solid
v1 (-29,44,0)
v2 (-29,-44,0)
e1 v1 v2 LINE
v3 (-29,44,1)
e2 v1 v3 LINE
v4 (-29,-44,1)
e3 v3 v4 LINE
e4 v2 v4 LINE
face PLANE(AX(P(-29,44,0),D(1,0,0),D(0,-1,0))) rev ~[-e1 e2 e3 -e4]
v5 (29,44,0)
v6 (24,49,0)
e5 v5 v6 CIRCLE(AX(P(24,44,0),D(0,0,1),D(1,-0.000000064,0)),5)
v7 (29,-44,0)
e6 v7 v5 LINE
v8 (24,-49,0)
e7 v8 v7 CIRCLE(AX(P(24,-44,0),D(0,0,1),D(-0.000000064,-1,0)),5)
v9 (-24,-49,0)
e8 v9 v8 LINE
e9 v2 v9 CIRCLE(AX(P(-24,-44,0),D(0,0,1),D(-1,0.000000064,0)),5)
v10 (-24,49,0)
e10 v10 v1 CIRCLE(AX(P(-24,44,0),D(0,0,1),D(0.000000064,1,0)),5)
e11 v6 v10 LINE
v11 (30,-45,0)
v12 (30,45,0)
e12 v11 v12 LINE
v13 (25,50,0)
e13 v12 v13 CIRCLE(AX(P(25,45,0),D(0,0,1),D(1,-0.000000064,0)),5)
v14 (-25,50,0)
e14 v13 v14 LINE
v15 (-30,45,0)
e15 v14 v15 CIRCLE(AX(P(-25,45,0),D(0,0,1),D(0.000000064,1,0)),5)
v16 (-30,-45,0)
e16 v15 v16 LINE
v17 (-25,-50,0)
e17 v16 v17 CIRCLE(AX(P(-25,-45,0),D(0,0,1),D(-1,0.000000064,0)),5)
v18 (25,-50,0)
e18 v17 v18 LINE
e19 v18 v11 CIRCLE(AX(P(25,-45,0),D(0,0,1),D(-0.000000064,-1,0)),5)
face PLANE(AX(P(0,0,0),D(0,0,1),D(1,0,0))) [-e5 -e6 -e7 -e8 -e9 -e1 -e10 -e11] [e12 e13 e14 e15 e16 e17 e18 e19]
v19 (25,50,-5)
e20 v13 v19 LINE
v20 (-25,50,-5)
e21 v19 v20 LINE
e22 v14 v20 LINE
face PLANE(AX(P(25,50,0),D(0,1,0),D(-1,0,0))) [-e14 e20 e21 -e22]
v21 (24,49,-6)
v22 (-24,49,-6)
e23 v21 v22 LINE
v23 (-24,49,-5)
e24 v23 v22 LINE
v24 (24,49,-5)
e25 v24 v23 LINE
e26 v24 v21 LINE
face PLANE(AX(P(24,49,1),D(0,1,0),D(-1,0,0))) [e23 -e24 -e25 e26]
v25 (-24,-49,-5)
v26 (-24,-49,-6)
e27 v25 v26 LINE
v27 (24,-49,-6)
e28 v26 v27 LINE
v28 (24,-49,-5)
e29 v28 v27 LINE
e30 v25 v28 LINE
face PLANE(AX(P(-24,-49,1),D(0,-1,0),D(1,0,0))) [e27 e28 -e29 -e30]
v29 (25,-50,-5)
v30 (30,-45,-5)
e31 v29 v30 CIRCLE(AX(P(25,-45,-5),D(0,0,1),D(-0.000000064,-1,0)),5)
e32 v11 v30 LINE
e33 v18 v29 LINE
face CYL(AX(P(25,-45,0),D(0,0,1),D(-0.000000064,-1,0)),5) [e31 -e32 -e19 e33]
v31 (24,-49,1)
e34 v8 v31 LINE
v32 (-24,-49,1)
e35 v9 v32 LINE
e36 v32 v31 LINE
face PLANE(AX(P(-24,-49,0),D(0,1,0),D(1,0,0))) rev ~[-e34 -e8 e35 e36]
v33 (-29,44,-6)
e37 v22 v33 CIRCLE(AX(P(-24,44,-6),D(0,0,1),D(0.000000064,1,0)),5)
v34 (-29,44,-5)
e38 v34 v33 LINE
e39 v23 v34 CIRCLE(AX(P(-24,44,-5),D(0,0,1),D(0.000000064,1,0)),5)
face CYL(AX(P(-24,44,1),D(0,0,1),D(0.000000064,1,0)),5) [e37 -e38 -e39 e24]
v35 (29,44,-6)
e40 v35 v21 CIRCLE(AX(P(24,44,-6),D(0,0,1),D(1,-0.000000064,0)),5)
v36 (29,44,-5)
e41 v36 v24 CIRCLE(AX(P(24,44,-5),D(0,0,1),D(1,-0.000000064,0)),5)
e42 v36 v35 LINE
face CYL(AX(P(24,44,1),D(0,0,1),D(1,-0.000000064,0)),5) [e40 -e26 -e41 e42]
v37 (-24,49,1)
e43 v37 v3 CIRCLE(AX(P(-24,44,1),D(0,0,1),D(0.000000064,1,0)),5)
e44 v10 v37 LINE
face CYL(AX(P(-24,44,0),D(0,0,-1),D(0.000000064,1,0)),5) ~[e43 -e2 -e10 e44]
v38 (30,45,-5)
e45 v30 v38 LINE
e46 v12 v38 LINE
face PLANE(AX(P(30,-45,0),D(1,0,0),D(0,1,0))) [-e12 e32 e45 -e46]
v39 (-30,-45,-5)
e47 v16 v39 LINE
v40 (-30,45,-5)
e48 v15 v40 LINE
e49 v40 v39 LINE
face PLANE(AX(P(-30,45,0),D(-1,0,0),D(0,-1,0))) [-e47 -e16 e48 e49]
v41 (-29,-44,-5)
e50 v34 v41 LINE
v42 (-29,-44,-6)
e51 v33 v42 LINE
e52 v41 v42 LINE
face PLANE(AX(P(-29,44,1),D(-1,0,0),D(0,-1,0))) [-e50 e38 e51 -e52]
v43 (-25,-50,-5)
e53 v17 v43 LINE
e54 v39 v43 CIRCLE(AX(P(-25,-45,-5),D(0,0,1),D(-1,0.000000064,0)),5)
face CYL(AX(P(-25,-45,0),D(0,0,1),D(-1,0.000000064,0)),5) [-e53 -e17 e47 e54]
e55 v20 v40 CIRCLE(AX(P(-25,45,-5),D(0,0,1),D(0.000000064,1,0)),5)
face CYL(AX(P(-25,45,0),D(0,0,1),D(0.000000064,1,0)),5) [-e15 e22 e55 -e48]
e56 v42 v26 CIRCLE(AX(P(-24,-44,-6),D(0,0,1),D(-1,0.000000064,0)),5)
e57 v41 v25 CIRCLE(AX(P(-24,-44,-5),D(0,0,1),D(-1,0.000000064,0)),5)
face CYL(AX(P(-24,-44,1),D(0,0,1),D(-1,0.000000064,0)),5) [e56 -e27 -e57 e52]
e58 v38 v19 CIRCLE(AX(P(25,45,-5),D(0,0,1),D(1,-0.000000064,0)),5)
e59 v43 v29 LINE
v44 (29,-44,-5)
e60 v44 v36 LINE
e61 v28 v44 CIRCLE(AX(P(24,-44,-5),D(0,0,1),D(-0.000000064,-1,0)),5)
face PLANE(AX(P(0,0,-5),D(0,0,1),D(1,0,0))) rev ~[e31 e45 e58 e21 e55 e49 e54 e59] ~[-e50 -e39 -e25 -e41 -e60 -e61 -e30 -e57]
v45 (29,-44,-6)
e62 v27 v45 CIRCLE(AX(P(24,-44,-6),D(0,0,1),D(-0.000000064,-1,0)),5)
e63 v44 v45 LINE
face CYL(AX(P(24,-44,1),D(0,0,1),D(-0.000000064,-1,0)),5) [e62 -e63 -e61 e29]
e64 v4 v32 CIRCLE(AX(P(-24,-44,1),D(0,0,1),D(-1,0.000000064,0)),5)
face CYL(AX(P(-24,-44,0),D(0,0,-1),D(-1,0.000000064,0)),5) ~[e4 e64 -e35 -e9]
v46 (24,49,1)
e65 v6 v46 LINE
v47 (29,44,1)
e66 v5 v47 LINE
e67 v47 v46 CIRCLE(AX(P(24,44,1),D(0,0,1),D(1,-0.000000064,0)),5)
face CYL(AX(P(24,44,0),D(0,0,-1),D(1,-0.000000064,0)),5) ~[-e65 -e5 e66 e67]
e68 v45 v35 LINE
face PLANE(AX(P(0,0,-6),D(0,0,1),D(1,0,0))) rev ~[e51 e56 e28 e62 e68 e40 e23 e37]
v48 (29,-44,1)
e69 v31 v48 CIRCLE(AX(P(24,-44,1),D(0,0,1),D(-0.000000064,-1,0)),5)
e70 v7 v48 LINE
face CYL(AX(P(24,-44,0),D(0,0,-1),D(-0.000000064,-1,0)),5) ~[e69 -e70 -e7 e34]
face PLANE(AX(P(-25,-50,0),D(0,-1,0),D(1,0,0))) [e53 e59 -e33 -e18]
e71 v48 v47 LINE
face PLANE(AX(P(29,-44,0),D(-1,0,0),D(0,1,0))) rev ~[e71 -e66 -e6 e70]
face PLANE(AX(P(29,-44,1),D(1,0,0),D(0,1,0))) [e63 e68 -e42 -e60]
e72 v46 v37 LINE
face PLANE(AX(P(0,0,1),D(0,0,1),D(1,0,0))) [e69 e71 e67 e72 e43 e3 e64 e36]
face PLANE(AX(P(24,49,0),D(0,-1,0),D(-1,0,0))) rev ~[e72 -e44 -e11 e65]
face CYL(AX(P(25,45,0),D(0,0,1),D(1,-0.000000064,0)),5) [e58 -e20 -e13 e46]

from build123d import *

# Parameters (mm, degrees)
F1_DEPTH = 1
F2_DEPTH = 5
F3_DEPTH = 7


with BuildPart() as f1:
    # F0 (on Top) → F1 (new body)
    with BuildSketch(Plane.XY):
        with BuildLine():
            Line((-29, 44), (-29, 0))
            Line((-29, 0), (-29, -44))
            ThreePointArc((-29, -44), (-27.535534, -47.535534), (-24, -49))
            Line((-24, -49), (0, -49))
            Line((0, -49), (24, -49))
            ThreePointArc((24, -49), (27.535534, -47.535534), (29, -44))
            Line((29, -44), (29, 0))
            Line((29, 0), (29, 44))
            ThreePointArc((29, 44), (27.535534, 47.535534), (24, 49))
            Line((24, 49), (0, 49))
            Line((0, 49), (-24, 49))
            ThreePointArc((-24, 49), (-27.535534, 47.535534), (-29, 44))
        make_face()
    extrude(amount=F1_DEPTH)

    # F0 (on Top) → F2 (join)
    with BuildSketch(Plane.XY):
        with BuildLine():
            Line((-30, 45), (-30, 0))
            Line((-30, 0), (-30, -45))
            ThreePointArc((-30, -45), (-28.535534, -48.535534), (-25, -50))
            Line((-25, -50), (25, -50))
            ThreePointArc((25, -50), (28.535534, -48.535534), (30, -45))
            Line((30, -45), (30, 0))
            Line((30, 0), (30, 45))
            ThreePointArc((30, 45), (28.535534, 48.535534), (25, 50))
            Line((25, 50), (-25, 50))
            ThreePointArc((-25, 50), (-28.535534, 48.535534), (-30, 45))
        make_face()
        with BuildLine():
            Line((-29, -44), (-29, 0))
            Line((-29, 0), (-29, 44))
            ThreePointArc((-29, 44), (-27.535534, 47.535534), (-24, 49))
            Line((-24, 49), (0, 49))
            Line((0, 49), (24, 49))
            ThreePointArc((24, 49), (27.535534, 47.535534), (29, 44))
            Line((29, 44), (29, 0))
            Line((29, 0), (29, -44))
            ThreePointArc((29, -44), (27.535534, -47.535534), (24, -49))
            Line((24, -49), (0, -49))
            Line((0, -49), (-24, -49))
            ThreePointArc((-24, -49), (-27.535534, -47.535534), (-29, -44))
        make_face(mode=Mode.SUBTRACT)
        with BuildLine():
            Line((-29, 44), (-29, 0))
            Line((-29, 0), (-29, -44))
            ThreePointArc((-29, -44), (-27.535534, -47.535534), (-24, -49))
            Line((-24, -49), (0, -49))
            Line((0, -49), (24, -49))
            ThreePointArc((24, -49), (27.535534, -47.535534), (29, -44))
            Line((29, -44), (29, 0))
            Line((29, 0), (29, 44))
            ThreePointArc((29, 44), (27.535534, 47.535534), (24, 49))
            Line((24, 49), (0, 49))
            Line((0, 49), (-24, 49))
            ThreePointArc((-24, 49), (-27.535534, 47.535534), (-29, 44))
        make_face()
    extrude(amount=-F2_DEPTH)

    # F1_face (on face) → F3 (join)
    with BuildSketch(Plane.XY.offset(1)):
        with BuildLine():
            Line((-29, 44), (-29, -44))
            ThreePointArc((-29, -44), (-27.535534, -47.535534), (-24, -49))
            Line((-24, -49), (24, -49))
            ThreePointArc((24, -49), (27.535534, -47.535534), (29, -44))
            Line((29, -44), (29, 44))
            ThreePointArc((29, 44), (27.535534, 47.535534), (24, 49))
            Line((24, 49), (-24, 49))
            ThreePointArc((-24, 49), (-27.535534, 47.535534), (-29, 44))
        make_face()
    extrude(amount=-F3_DEPTH)


solid = f1.part
